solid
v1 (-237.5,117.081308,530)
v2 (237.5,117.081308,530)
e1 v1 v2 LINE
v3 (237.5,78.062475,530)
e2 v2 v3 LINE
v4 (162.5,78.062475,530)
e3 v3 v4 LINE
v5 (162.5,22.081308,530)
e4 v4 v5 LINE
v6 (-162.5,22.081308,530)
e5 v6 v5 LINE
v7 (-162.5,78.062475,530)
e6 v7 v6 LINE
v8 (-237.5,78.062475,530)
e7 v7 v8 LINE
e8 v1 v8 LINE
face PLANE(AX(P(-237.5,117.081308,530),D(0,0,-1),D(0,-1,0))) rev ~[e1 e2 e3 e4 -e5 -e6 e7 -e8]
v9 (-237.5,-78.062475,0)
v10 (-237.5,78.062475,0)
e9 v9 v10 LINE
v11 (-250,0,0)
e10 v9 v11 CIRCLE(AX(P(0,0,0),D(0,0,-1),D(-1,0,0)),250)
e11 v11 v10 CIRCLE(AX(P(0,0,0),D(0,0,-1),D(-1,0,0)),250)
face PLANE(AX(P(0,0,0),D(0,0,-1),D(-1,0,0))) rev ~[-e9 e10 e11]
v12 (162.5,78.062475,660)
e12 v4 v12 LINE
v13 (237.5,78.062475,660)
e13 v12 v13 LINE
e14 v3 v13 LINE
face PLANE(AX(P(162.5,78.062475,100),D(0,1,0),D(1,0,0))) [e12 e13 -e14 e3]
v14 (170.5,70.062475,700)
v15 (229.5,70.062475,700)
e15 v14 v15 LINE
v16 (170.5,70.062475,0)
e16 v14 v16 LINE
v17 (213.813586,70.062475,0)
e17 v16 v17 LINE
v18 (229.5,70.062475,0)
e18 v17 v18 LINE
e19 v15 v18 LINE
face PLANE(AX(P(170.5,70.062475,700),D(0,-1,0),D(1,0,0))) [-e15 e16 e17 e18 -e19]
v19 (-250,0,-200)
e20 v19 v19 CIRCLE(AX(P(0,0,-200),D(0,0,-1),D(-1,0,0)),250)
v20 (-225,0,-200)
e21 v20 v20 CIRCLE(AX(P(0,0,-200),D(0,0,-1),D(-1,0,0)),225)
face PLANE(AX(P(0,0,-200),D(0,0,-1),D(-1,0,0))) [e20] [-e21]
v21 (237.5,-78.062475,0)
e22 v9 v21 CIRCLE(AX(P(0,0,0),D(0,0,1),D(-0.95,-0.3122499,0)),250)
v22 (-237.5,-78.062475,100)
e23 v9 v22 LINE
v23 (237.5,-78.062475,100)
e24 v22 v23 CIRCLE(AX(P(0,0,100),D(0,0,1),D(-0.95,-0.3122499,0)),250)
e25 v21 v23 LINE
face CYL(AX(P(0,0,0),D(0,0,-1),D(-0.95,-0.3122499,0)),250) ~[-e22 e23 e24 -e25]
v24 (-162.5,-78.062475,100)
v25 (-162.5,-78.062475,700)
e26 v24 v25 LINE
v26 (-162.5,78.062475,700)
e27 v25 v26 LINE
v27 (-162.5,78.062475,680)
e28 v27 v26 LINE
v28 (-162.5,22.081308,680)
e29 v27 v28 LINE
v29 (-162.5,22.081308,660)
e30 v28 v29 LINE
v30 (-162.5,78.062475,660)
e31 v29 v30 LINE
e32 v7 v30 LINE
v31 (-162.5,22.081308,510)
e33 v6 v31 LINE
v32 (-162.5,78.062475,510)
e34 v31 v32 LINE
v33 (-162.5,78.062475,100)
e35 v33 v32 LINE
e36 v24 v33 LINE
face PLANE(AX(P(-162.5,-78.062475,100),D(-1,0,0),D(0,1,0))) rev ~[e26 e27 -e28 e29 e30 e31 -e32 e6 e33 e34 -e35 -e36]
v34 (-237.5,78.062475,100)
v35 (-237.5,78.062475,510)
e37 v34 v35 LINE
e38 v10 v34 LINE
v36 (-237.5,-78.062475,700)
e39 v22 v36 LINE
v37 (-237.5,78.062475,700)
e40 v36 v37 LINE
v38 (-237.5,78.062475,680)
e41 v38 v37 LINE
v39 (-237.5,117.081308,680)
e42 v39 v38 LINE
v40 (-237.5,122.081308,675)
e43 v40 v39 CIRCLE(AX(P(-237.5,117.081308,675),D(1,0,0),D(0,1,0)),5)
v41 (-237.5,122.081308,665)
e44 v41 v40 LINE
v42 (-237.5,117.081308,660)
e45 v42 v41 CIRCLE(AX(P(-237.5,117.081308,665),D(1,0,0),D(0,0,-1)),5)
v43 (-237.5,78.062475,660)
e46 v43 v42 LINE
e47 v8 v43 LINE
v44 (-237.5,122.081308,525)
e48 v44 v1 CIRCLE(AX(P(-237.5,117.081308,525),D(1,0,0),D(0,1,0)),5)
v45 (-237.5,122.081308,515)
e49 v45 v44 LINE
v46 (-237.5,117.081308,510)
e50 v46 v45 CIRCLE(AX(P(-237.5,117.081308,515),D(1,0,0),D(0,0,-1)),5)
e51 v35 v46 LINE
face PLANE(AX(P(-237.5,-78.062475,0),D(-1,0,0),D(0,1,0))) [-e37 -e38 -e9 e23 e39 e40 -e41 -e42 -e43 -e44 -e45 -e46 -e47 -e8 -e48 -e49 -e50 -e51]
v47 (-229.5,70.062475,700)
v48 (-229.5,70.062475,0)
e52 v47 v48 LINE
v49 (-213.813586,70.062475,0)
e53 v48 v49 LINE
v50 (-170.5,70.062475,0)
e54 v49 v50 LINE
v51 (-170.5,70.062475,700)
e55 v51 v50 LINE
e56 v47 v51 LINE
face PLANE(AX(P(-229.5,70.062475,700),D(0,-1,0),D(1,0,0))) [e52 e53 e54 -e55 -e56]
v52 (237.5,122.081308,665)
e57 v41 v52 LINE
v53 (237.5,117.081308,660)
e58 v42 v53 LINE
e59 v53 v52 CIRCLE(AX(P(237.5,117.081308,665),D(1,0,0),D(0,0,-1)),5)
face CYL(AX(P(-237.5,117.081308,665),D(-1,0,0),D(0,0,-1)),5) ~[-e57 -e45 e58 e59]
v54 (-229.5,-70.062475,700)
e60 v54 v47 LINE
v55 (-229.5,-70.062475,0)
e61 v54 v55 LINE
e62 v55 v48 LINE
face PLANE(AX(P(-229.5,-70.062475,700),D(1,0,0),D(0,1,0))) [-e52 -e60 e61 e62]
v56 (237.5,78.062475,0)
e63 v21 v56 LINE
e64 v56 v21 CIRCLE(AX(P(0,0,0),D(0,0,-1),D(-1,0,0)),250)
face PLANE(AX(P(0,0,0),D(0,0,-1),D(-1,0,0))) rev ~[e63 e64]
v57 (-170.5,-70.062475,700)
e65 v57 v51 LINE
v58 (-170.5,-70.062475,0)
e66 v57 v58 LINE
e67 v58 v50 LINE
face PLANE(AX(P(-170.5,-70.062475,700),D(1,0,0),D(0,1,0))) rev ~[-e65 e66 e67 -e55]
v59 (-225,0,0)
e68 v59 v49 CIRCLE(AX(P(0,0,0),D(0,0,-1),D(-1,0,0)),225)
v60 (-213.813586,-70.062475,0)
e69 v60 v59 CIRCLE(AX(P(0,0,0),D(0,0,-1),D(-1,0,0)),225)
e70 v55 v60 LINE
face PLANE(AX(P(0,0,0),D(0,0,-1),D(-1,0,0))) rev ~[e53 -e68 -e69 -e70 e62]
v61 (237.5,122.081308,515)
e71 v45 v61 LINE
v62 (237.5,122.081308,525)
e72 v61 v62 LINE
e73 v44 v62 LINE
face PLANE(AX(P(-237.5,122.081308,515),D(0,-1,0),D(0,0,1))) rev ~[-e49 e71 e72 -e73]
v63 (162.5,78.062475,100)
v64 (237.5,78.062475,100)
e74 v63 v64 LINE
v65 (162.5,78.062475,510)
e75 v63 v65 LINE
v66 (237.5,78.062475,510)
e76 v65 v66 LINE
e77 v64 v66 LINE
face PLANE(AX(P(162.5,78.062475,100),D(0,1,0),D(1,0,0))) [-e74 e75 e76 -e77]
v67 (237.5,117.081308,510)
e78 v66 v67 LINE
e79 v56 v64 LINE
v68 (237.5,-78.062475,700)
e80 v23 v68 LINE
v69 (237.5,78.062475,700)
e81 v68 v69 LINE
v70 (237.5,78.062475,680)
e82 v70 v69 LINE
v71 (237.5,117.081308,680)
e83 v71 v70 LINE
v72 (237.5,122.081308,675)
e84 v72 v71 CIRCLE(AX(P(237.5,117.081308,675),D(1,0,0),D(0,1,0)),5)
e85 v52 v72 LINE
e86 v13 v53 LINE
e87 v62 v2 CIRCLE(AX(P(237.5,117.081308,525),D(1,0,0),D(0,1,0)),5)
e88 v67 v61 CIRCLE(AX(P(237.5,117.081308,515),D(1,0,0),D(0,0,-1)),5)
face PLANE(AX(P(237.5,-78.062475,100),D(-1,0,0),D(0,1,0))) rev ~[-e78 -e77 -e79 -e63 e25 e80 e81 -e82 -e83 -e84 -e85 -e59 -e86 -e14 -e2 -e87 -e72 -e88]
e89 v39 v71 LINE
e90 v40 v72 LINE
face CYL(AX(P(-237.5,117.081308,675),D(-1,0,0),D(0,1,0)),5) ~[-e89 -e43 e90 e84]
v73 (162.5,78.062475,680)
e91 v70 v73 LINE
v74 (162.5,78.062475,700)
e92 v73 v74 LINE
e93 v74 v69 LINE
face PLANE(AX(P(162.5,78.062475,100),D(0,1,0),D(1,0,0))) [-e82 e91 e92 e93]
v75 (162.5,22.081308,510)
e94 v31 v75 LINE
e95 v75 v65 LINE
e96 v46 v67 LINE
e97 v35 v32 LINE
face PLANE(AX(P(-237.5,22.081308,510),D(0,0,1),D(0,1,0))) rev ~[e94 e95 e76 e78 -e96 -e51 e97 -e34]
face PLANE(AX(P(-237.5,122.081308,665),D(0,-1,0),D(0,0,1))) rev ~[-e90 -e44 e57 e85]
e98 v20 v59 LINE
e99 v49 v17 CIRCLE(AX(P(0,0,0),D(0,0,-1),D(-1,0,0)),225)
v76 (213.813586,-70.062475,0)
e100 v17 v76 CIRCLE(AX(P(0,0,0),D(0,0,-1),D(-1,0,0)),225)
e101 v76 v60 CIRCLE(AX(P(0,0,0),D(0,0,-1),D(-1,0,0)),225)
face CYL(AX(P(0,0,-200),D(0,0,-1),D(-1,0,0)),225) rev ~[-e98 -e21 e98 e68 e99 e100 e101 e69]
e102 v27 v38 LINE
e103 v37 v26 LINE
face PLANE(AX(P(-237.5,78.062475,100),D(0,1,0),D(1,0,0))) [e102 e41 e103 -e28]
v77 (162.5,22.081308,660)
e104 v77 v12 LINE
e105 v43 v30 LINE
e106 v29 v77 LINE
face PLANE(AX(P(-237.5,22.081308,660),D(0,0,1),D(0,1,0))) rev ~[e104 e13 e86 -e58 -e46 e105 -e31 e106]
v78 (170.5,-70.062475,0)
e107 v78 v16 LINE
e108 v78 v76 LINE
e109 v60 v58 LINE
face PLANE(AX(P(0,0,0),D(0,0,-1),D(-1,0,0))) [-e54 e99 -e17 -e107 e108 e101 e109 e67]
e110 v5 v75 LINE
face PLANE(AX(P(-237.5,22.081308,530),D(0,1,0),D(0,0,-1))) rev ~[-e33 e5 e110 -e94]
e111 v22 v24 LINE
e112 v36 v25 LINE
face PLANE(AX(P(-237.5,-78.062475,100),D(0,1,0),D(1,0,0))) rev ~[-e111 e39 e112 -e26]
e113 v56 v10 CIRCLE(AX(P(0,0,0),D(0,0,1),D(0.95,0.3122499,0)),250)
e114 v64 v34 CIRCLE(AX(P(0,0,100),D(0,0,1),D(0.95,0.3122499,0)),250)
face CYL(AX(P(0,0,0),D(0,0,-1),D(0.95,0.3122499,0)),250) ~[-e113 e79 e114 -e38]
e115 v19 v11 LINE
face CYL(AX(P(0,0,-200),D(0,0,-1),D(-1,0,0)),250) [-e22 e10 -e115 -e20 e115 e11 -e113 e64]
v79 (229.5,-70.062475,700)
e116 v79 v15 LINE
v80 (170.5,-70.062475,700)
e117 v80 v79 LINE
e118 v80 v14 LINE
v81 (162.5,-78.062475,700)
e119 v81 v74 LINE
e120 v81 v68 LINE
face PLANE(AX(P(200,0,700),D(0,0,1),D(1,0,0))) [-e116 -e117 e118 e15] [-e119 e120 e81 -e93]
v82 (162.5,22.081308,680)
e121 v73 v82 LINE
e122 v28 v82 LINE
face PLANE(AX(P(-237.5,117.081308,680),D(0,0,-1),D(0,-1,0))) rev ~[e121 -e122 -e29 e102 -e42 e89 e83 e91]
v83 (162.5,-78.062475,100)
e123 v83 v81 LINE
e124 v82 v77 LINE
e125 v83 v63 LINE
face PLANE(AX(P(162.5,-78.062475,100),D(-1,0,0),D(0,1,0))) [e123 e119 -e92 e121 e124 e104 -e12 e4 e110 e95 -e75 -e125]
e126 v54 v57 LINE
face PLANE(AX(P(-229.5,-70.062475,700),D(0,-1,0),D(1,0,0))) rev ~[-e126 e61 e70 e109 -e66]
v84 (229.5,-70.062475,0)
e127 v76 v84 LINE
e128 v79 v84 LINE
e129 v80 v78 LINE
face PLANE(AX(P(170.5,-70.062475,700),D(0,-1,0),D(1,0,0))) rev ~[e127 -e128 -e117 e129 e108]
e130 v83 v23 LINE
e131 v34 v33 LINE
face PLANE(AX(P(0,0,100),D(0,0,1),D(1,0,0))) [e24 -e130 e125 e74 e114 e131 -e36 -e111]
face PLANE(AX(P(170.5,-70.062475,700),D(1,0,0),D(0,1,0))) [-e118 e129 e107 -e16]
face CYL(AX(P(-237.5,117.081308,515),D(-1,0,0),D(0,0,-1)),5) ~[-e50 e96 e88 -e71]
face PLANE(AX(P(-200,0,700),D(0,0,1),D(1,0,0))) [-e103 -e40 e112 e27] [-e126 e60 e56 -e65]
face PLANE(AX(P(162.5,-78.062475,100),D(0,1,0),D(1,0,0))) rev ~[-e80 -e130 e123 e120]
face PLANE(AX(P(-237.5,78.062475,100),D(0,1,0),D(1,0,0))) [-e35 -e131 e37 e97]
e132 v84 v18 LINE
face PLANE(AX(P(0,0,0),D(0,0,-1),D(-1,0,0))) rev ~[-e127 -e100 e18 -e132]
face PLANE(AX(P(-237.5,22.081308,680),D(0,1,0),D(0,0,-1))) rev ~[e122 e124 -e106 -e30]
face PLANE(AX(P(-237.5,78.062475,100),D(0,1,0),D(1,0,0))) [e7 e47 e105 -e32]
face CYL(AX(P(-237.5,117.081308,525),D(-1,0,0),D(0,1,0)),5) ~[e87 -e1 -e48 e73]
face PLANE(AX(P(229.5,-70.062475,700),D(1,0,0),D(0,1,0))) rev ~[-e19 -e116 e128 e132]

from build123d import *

# Parameters (mm, degrees)
IZIM1_W                      = 75
IZIM1_H                      = 156.12494996
Y_KSEKLIK_EKSTR_ZYON2_DEPTH  = 100
IZIM3_W                      = 75
IZIM3_H                      = 156.12494996
Y_KSEKLIK_EKSTR_ZYON3_DEPTH  = 600
Y_KSEKLIK_EKSTR_ZYON9_DEPTH  = 475
IZIM12_W                     = 59
IZIM12_H                     = 140.12494996
KES_EKSTR_ZYON3_DEPTH        = 781.324451751
Y_KSEKLIK_EKSTR_ZYON10_START = 200
IZIM13_R                     = 250
Y_KSEKLIK_EKSTR_ZYON10_DEPTH = 200
IZIM15_R                     = 225
KES_EKSTR_ZYON5_DEPTH        = 200


with BuildPart() as part:
    # Çizim1 → Yükseklik-Ekstrüzyon2 (new body)
    with BuildSketch(Plane.XY):
        with BuildLine():
            Line((162.5, 78.06247498), (237.5, 78.06247498))
            ThreePointArc((237.5, 78.06247498), (0, 250), (-237.5, 78.06247498))
            Line((-237.5, 78.06247498), (-162.5, 78.06247498))
            Line((-162.5, 78.06247498), (-162.5, -78.06247498))
            Line((-162.5, -78.06247498), (-237.5, -78.06247498))
            ThreePointArc((-237.5, -78.06247498), (0, -250), (237.5, -78.06247498))
            Line((237.5, -78.06247498), (162.5, -78.06247498))
            Line((162.5, -78.06247498), (162.5, 78.06247498))
        make_face()
        with Locations((-200, 0)):
            Rectangle(IZIM1_W, IZIM1_H)
        with Locations((200, 0)):
            Rectangle(IZIM1_W, IZIM1_H)
    extrude(amount=Y_KSEKLIK_EKSTR_ZYON2_DEPTH)

    # Çizim3 → Yükseklik-Ekstrüzyon3 (add)
    with BuildSketch(Plane.XY.offset(100)):
        with Locations((200, 0)):
            Rectangle(IZIM3_W, IZIM3_H)
        with Locations((-200, 0)):
            Rectangle(IZIM3_W, IZIM3_H)
    extrude(amount=Y_KSEKLIK_EKSTR_ZYON3_DEPTH)

    # Çizim5 → Yükseklik-Ekstrüzyon9 (add, through all)
    with BuildSketch(Plane.ZY.offset(237.5)):
        with BuildLine():
            Line((680, 22.081308318), (660, 22.081308318))
            Line((660, 22.081308318), (660, 117.081308318))
            ThreePointArc((660, 117.081308318), (661.464466094, 120.616842224), (665, 122.081308318))
            Line((665, 122.081308318), (675, 122.081308318))
            ThreePointArc((675, 122.081308318), (678.535533906, 120.616842224), (680, 117.081308318))
            Line((680, 117.081308318), (680, 22.081308318))
        make_face()
        with BuildLine():
            Line((530, 22.081308318), (510, 22.081308318))
            Line((510, 22.081308318), (510, 117.081308318))
            ThreePointArc((510, 117.081308318), (511.464466094, 120.616842224), (515, 122.081308318))
            Line((515, 122.081308318), (525, 122.081308318))
            ThreePointArc((525, 122.081308318), (528.535533906, 120.616842224), (530, 117.081308318))
            Line((530, 117.081308318), (530, 22.081308318))
        make_face()
    extrude(amount=-Y_KSEKLIK_EKSTR_ZYON9_DEPTH)

    # Çizim12 → Kes-Ekstrüzyon3 (cut, through all)
    with BuildSketch(Plane.XY.offset(700)):
        with Locations((-200, 0)):
            Rectangle(IZIM12_W, IZIM12_H)
        with Locations((200, 0)):
            Rectangle(IZIM12_W, IZIM12_H)
    extrude(amount=-KES_EKSTR_ZYON3_DEPTH, mode=Mode.SUBTRACT)

    # Çizim13 → Yükseklik-Ekstrüzyon10 (add)
    with BuildSketch(Plane(origin=(0, 0, 0), x_dir=(-1, 0, 0), z_dir=(0, 0, -1)).offset(Y_KSEKLIK_EKSTR_ZYON10_START)):
        Circle(IZIM13_R)
    extrude(amount=-Y_KSEKLIK_EKSTR_ZYON10_DEPTH)

    # Çizim15 → Kes-Ekstrüzyon5 (cut)
    with BuildSketch(Plane(origin=(0, 0, -200), x_dir=(-1, 0, 0), z_dir=(0, 0, -1))):
        Circle(IZIM15_R)
    extrude(amount=-KES_EKSTR_ZYON5_DEPTH, mode=Mode.SUBTRACT)


solid = part.part
